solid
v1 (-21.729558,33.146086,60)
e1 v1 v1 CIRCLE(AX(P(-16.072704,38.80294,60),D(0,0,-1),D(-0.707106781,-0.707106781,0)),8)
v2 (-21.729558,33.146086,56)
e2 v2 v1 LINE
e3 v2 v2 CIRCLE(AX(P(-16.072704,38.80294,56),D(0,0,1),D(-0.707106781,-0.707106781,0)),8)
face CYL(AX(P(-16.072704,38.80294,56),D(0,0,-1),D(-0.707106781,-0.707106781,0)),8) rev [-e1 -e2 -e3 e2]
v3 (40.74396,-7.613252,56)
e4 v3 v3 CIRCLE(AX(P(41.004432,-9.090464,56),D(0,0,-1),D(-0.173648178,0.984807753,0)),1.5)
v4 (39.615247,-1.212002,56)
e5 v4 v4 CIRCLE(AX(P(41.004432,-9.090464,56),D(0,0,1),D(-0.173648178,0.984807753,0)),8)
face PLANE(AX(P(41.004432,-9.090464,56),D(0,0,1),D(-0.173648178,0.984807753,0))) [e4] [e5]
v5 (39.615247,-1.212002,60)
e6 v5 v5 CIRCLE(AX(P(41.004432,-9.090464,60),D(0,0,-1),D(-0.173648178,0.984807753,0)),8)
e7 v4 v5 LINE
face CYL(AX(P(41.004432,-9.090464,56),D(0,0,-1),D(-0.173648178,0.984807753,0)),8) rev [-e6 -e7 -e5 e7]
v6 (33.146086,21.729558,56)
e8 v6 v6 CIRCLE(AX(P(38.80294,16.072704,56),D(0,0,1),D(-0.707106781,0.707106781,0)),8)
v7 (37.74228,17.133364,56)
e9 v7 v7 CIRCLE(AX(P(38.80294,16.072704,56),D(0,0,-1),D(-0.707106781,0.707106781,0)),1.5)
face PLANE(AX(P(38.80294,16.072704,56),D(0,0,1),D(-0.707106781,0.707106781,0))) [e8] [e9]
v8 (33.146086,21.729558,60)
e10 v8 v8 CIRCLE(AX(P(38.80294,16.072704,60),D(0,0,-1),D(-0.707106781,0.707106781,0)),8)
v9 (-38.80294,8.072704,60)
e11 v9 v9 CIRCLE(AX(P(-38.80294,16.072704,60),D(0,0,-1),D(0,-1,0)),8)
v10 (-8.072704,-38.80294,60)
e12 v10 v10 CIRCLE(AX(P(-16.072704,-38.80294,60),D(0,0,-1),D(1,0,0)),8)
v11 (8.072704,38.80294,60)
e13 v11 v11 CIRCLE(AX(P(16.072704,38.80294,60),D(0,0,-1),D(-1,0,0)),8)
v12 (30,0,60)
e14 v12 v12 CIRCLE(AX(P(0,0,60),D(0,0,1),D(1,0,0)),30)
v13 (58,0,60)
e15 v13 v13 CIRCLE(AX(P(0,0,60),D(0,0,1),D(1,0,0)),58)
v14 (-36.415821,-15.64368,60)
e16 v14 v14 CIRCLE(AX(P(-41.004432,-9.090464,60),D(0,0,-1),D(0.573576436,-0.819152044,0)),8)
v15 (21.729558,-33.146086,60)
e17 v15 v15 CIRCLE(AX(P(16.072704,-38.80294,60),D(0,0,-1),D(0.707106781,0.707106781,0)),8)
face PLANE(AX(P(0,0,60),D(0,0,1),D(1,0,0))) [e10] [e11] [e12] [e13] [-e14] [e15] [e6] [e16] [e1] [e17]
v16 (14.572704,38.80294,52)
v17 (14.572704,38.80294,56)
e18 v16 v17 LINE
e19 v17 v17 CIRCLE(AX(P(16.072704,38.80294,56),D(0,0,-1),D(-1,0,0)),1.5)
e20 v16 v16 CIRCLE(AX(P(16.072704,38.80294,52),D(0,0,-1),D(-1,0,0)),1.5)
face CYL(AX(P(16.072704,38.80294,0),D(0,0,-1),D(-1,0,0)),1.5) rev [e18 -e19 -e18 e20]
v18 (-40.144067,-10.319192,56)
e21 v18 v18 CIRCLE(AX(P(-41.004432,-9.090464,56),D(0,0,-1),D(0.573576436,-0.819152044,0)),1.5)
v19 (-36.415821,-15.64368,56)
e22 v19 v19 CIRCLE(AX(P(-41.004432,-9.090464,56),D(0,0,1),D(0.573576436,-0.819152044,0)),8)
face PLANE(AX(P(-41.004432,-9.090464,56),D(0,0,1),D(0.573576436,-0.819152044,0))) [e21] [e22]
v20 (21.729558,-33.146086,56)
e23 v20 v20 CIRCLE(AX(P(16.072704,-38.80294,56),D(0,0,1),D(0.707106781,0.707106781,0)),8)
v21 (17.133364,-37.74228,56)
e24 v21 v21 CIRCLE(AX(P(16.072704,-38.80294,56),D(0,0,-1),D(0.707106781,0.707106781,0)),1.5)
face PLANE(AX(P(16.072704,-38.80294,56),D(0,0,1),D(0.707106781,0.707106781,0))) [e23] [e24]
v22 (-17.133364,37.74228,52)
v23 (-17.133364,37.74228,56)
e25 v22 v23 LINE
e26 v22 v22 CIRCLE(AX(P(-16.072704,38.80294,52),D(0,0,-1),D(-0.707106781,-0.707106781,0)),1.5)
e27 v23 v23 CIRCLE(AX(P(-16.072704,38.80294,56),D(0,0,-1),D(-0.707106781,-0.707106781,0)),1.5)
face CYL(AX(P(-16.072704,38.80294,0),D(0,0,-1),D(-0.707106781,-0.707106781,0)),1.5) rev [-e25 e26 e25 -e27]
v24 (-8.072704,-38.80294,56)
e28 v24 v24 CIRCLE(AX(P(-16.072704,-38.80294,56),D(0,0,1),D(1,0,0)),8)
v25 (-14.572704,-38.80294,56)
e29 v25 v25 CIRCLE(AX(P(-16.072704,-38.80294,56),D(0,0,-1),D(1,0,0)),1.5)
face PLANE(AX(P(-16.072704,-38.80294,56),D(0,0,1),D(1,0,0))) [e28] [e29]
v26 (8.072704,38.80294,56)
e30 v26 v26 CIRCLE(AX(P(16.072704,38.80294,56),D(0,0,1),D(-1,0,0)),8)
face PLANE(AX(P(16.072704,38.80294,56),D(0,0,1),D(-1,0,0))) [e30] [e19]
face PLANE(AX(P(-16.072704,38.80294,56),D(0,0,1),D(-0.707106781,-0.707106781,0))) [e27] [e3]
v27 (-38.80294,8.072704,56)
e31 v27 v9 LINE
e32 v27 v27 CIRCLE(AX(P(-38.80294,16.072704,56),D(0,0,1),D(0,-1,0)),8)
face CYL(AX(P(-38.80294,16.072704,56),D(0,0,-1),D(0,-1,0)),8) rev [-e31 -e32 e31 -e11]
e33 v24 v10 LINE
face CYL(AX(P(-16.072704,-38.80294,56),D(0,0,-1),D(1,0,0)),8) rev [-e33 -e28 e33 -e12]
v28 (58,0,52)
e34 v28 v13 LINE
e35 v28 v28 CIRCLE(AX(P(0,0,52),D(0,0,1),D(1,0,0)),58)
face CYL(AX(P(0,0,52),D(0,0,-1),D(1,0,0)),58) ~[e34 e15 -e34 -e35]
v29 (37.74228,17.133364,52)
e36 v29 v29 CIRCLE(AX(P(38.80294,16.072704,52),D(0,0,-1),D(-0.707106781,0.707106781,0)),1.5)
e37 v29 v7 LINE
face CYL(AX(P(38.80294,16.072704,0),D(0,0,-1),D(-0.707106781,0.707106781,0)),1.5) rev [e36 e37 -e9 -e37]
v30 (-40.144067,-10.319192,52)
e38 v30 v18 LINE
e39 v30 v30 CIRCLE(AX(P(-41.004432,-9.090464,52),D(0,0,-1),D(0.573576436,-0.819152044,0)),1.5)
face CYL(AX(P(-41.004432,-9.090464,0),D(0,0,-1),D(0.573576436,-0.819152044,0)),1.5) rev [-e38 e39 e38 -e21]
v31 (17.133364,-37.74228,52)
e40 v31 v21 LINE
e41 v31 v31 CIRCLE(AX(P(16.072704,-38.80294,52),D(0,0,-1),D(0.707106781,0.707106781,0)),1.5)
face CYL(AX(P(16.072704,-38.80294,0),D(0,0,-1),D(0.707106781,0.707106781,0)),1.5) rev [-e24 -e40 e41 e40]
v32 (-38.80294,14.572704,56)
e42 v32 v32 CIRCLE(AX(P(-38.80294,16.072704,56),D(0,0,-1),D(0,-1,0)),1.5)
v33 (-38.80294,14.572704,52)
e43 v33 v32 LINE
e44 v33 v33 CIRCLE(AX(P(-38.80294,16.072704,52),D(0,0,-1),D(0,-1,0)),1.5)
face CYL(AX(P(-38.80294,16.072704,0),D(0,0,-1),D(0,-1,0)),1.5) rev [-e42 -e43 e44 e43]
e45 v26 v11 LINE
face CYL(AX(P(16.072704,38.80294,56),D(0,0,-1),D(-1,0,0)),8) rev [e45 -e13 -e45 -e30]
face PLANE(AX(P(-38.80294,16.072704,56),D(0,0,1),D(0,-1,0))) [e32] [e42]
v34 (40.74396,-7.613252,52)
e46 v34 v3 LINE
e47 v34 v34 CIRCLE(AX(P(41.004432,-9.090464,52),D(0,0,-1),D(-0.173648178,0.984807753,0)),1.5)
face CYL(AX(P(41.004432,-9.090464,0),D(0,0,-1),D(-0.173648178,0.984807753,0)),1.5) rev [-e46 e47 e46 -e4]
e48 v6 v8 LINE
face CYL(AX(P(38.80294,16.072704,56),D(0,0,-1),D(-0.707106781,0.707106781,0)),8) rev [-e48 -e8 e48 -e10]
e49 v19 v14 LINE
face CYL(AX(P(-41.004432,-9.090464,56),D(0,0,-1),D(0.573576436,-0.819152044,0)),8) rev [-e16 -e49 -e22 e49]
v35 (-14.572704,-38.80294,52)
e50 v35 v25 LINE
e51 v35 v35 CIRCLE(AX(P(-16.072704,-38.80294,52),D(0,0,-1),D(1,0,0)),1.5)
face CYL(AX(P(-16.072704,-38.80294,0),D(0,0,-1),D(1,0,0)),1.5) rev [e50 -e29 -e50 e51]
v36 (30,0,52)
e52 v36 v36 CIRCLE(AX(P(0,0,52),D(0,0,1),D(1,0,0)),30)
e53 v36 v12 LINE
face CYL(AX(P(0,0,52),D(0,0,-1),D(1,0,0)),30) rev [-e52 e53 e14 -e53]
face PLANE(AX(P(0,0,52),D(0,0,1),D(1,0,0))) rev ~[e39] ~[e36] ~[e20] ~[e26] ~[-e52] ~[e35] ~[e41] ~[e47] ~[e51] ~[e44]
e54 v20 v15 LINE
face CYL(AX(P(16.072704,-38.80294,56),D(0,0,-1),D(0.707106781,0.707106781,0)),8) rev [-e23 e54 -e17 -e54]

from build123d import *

# Parameters (mm, degrees)
CYLINDER799_R               = 1.5
CYLINDER799_DEPTH           = 100
CYLINDER799_PLACEMENT_ANGLE = 100
CYLINDER797_R               = 1.5
CYLINDER797_DEPTH           = 100
CYLINDER797_PLACEMENT_ANGLE = 135
CYLINDER801_R               = 1.5
CYLINDER801_DEPTH           = 100
CYLINDER803_R               = 1.5
CYLINDER803_DEPTH           = 100
CYLINDER803_PLACEMENT_ANGLE = 225
CYLINDER796_R               = 1.5
CYLINDER796_DEPTH           = 100
CYLINDER800_R               = 1.5
CYLINDER800_DEPTH           = 100
CYLINDER800_PLACEMENT_ANGLE = 55
CYLINDER798_R               = 1.5
CYLINDER798_DEPTH           = 100
CYLINDER802_R               = 1.5
CYLINDER802_DEPTH           = 100
CYLINDER802_PLACEMENT_ANGLE = 45
CYLINDER766_R               = 8
CYLINDER766_DEPTH           = 20
CYLINDER766_PLACEMENT_ANGLE = 100
CYLINDER765_R               = 8
CYLINDER765_DEPTH           = 20
CYLINDER765_PLACEMENT_ANGLE = 135
CYLINDER767_R               = 8
CYLINDER767_DEPTH           = 20
CYLINDER762_R               = 8
CYLINDER762_DEPTH           = 20
CYLINDER762_PLACEMENT_ANGLE = 225
CYLINDER769_R               = 8
CYLINDER769_DEPTH           = 20
CYLINDER764_R               = 8
CYLINDER764_DEPTH           = 20
CYLINDER764_PLACEMENT_ANGLE = 55
CYLINDER763_R               = 8
CYLINDER763_DEPTH           = 20
CYLINDER768_R               = 8
CYLINDER768_DEPTH           = 20
CYLINDER768_PLACEMENT_ANGLE = 45
TUBE082_R                   = 58
TUBE082_R_2                 = 30
TUBE082_DEPTH               = 8


with BuildPart() as v_lec799:
    # Cylinder799 → Cylinder799 (new body)
    with BuildSketch(Plane.XY):
        Circle(CYLINDER799_R)
    extrude(amount=CYLINDER799_DEPTH)


with BuildPart() as v_lec799_1:
    # Cylinder799 placement: moved
    add(v_lec799.part.moved(Location((41.004432, -9.090464, 0))).rotate(Axis((41.004432, -9.090464, 0), (0, 0, 1)), CYLINDER799_PLACEMENT_ANGLE))


with BuildPart() as v_lec797:
    # Cylinder797 → Cylinder797 (new body)
    with BuildSketch(Plane.XY):
        Circle(CYLINDER797_R)
    extrude(amount=CYLINDER797_DEPTH)


with BuildPart() as v_lec797_1:
    # Cylinder797 placement: moved
    add(v_lec797.part.moved(Location((38.80294, 16.072704, 0))).rotate(Axis((38.80294, 16.072704, 0), (0, 0, 1)), CYLINDER797_PLACEMENT_ANGLE))


with BuildPart() as v_lec801:
    # Cylinder801 → Cylinder801 (new body)
    with BuildSketch(Plane(origin=(16.072704, 38.80294, 0), x_dir=(-1, 0, 0), z_dir=(0, 0, 1))):
        Circle(CYLINDER801_R)
    extrude(amount=CYLINDER801_DEPTH)


with BuildPart() as v_lec803:
    # Cylinder803 → Cylinder803 (new body)
    with BuildSketch(Plane.XY):
        Circle(CYLINDER803_R)
    extrude(amount=CYLINDER803_DEPTH)


with BuildPart() as v_lec803_1:
    # Cylinder803 placement: moved
    add(v_lec803.part.moved(Location((-16.072704, 38.80294, 0))).rotate(Axis((-16.072704, 38.80294, 0), (0, 0, 1)), CYLINDER803_PLACEMENT_ANGLE))


with BuildPart() as v_lec796:
    # Cylinder796 → Cylinder796 (new body)
    with BuildSketch(Plane(origin=(-38.80294, 16.072704, 0), x_dir=(0, -1, 0), z_dir=(0, 0, 1))):
        Circle(CYLINDER796_R)
    extrude(amount=CYLINDER796_DEPTH)


with BuildPart() as v_lec800:
    # Cylinder800 → Cylinder800 (new body)
    with BuildSketch(Plane.XY):
        Circle(CYLINDER800_R)
    extrude(amount=CYLINDER800_DEPTH)


with BuildPart() as v_lec800_1:
    # Cylinder800 placement: moved
    add(v_lec800.part.moved(Location((-41.004432, -9.090464, 0))).rotate(Axis((-41.004432, -9.090464, 0), (0, 0, -1)), CYLINDER800_PLACEMENT_ANGLE))


with BuildPart() as v_lec798:
    # Cylinder798 → Cylinder798 (new body)
    with BuildSketch(Plane(origin=(-16.072704, -38.80294, 0), x_dir=(1, 0, 0), z_dir=(0, 0, 1))):
        Circle(CYLINDER798_R)
    extrude(amount=CYLINDER798_DEPTH)


with BuildPart() as compound716:
    # Cylinder802 → Cylinder802 (new body)
    with BuildSketch(Plane.XY):
        Circle(CYLINDER802_R)
    extrude(amount=CYLINDER802_DEPTH)


with BuildPart() as compound716_1:
    # Cylinder802 placement: moved
    add(compound716.part.moved(Location((16.072704, -38.80294, 0))).rotate(Axis((16.072704, -38.80294, 0), (0, 0, 1)), CYLINDER802_PLACEMENT_ANGLE))

    # Compound716: union Válec799, Válec797, Válec801, Válec803, Válec796, Válec800, Válec798
    add(v_lec799_1.part)
    add(v_lec797_1.part)
    add(v_lec801.part)
    add(v_lec803_1.part)
    add(v_lec796.part)
    add(v_lec800_1.part)
    add(v_lec798.part)


with BuildPart() as v_lec766:
    # Cylinder766 → Cylinder766 (new body)
    with BuildSketch(Plane.XY):
        Circle(CYLINDER766_R)
    extrude(amount=CYLINDER766_DEPTH)


with BuildPart() as v_lec766_1:
    # Cylinder766 placement: moved
    add(v_lec766.part.moved(Location((41.004432, -9.090464, 0))).rotate(Axis((41.004432, -9.090464, 0), (0, 0, 1)), CYLINDER766_PLACEMENT_ANGLE))


with BuildPart() as v_lec765:
    # Cylinder765 → Cylinder765 (new body)
    with BuildSketch(Plane.XY):
        Circle(CYLINDER765_R)
    extrude(amount=CYLINDER765_DEPTH)


with BuildPart() as v_lec765_1:
    # Cylinder765 placement: moved
    add(v_lec765.part.moved(Location((38.80294, 16.072704, 0))).rotate(Axis((38.80294, 16.072704, 0), (0, 0, 1)), CYLINDER765_PLACEMENT_ANGLE))


with BuildPart() as v_lec767:
    # Cylinder767 → Cylinder767 (new body)
    with BuildSketch(Plane(origin=(16.072704, 38.80294, 0), x_dir=(-1, 0, 0), z_dir=(0, 0, 1))):
        Circle(CYLINDER767_R)
    extrude(amount=CYLINDER767_DEPTH)


with BuildPart() as v_lec762:
    # Cylinder762 → Cylinder762 (new body)
    with BuildSketch(Plane.XY):
        Circle(CYLINDER762_R)
    extrude(amount=CYLINDER762_DEPTH)


with BuildPart() as v_lec762_1:
    # Cylinder762 placement: moved
    add(v_lec762.part.moved(Location((-16.072704, 38.80294, 0))).rotate(Axis((-16.072704, 38.80294, 0), (0, 0, 1)), CYLINDER762_PLACEMENT_ANGLE))


with BuildPart() as v_lec769:
    # Cylinder769 → Cylinder769 (new body)
    with BuildSketch(Plane(origin=(-38.80294, 16.072704, 0), x_dir=(0, -1, 0), z_dir=(0, 0, 1))):
        Circle(CYLINDER769_R)
    extrude(amount=CYLINDER769_DEPTH)


with BuildPart() as v_lec764:
    # Cylinder764 → Cylinder764 (new body)
    with BuildSketch(Plane.XY):
        Circle(CYLINDER764_R)
    extrude(amount=CYLINDER764_DEPTH)


with BuildPart() as v_lec764_1:
    # Cylinder764 placement: moved
    add(v_lec764.part.moved(Location((-41.004432, -9.090464, 0))).rotate(Axis((-41.004432, -9.090464, 0), (0, 0, -1)), CYLINDER764_PLACEMENT_ANGLE))


with BuildPart() as v_lec763:
    # Cylinder763 → Cylinder763 (new body)
    with BuildSketch(Plane(origin=(-16.072704, -38.80294, 0), x_dir=(1, 0, 0), z_dir=(0, 0, 1))):
        Circle(CYLINDER763_R)
    extrude(amount=CYLINDER763_DEPTH)


with BuildPart() as compound710:
    # Cylinder768 → Cylinder768 (new body)
    with BuildSketch(Plane.XY):
        Circle(CYLINDER768_R)
    extrude(amount=CYLINDER768_DEPTH)


with BuildPart() as compound710_1:
    # Cylinder768 placement: moved
    add(compound710.part.moved(Location((16.072704, -38.80294, 0))).rotate(Axis((16.072704, -38.80294, 0), (0, 0, 1)), CYLINDER768_PLACEMENT_ANGLE))

    # Compound710: union Válec766, Válec765, Válec767, Válec762, Válec769, Válec764, Válec763
    add(v_lec766_1.part)
    add(v_lec765_1.part)
    add(v_lec767.part)
    add(v_lec762_1.part)
    add(v_lec769.part)
    add(v_lec764_1.part)
    add(v_lec763.part)


with BuildPart() as compound710_2:
    # Compound710 placement: moved
    add(compound710_1.part.moved(Location((0, 0, 56))))


with BuildPart() as cut333:
    # Tube082 → Tube082 (new body)
    with BuildSketch(Plane.XY.offset(52)):
        Circle(TUBE082_R)
        Circle(TUBE082_R_2, mode=Mode.SUBTRACT)
    extrude(amount=TUBE082_DEPTH)

    # Cut332: cut Compound710
    add(compound710_2.part, mode=Mode.SUBTRACT)

    # Cut333: cut Compound716
    add(compound716_1.part, mode=Mode.SUBTRACT)


solid = cut333.part
